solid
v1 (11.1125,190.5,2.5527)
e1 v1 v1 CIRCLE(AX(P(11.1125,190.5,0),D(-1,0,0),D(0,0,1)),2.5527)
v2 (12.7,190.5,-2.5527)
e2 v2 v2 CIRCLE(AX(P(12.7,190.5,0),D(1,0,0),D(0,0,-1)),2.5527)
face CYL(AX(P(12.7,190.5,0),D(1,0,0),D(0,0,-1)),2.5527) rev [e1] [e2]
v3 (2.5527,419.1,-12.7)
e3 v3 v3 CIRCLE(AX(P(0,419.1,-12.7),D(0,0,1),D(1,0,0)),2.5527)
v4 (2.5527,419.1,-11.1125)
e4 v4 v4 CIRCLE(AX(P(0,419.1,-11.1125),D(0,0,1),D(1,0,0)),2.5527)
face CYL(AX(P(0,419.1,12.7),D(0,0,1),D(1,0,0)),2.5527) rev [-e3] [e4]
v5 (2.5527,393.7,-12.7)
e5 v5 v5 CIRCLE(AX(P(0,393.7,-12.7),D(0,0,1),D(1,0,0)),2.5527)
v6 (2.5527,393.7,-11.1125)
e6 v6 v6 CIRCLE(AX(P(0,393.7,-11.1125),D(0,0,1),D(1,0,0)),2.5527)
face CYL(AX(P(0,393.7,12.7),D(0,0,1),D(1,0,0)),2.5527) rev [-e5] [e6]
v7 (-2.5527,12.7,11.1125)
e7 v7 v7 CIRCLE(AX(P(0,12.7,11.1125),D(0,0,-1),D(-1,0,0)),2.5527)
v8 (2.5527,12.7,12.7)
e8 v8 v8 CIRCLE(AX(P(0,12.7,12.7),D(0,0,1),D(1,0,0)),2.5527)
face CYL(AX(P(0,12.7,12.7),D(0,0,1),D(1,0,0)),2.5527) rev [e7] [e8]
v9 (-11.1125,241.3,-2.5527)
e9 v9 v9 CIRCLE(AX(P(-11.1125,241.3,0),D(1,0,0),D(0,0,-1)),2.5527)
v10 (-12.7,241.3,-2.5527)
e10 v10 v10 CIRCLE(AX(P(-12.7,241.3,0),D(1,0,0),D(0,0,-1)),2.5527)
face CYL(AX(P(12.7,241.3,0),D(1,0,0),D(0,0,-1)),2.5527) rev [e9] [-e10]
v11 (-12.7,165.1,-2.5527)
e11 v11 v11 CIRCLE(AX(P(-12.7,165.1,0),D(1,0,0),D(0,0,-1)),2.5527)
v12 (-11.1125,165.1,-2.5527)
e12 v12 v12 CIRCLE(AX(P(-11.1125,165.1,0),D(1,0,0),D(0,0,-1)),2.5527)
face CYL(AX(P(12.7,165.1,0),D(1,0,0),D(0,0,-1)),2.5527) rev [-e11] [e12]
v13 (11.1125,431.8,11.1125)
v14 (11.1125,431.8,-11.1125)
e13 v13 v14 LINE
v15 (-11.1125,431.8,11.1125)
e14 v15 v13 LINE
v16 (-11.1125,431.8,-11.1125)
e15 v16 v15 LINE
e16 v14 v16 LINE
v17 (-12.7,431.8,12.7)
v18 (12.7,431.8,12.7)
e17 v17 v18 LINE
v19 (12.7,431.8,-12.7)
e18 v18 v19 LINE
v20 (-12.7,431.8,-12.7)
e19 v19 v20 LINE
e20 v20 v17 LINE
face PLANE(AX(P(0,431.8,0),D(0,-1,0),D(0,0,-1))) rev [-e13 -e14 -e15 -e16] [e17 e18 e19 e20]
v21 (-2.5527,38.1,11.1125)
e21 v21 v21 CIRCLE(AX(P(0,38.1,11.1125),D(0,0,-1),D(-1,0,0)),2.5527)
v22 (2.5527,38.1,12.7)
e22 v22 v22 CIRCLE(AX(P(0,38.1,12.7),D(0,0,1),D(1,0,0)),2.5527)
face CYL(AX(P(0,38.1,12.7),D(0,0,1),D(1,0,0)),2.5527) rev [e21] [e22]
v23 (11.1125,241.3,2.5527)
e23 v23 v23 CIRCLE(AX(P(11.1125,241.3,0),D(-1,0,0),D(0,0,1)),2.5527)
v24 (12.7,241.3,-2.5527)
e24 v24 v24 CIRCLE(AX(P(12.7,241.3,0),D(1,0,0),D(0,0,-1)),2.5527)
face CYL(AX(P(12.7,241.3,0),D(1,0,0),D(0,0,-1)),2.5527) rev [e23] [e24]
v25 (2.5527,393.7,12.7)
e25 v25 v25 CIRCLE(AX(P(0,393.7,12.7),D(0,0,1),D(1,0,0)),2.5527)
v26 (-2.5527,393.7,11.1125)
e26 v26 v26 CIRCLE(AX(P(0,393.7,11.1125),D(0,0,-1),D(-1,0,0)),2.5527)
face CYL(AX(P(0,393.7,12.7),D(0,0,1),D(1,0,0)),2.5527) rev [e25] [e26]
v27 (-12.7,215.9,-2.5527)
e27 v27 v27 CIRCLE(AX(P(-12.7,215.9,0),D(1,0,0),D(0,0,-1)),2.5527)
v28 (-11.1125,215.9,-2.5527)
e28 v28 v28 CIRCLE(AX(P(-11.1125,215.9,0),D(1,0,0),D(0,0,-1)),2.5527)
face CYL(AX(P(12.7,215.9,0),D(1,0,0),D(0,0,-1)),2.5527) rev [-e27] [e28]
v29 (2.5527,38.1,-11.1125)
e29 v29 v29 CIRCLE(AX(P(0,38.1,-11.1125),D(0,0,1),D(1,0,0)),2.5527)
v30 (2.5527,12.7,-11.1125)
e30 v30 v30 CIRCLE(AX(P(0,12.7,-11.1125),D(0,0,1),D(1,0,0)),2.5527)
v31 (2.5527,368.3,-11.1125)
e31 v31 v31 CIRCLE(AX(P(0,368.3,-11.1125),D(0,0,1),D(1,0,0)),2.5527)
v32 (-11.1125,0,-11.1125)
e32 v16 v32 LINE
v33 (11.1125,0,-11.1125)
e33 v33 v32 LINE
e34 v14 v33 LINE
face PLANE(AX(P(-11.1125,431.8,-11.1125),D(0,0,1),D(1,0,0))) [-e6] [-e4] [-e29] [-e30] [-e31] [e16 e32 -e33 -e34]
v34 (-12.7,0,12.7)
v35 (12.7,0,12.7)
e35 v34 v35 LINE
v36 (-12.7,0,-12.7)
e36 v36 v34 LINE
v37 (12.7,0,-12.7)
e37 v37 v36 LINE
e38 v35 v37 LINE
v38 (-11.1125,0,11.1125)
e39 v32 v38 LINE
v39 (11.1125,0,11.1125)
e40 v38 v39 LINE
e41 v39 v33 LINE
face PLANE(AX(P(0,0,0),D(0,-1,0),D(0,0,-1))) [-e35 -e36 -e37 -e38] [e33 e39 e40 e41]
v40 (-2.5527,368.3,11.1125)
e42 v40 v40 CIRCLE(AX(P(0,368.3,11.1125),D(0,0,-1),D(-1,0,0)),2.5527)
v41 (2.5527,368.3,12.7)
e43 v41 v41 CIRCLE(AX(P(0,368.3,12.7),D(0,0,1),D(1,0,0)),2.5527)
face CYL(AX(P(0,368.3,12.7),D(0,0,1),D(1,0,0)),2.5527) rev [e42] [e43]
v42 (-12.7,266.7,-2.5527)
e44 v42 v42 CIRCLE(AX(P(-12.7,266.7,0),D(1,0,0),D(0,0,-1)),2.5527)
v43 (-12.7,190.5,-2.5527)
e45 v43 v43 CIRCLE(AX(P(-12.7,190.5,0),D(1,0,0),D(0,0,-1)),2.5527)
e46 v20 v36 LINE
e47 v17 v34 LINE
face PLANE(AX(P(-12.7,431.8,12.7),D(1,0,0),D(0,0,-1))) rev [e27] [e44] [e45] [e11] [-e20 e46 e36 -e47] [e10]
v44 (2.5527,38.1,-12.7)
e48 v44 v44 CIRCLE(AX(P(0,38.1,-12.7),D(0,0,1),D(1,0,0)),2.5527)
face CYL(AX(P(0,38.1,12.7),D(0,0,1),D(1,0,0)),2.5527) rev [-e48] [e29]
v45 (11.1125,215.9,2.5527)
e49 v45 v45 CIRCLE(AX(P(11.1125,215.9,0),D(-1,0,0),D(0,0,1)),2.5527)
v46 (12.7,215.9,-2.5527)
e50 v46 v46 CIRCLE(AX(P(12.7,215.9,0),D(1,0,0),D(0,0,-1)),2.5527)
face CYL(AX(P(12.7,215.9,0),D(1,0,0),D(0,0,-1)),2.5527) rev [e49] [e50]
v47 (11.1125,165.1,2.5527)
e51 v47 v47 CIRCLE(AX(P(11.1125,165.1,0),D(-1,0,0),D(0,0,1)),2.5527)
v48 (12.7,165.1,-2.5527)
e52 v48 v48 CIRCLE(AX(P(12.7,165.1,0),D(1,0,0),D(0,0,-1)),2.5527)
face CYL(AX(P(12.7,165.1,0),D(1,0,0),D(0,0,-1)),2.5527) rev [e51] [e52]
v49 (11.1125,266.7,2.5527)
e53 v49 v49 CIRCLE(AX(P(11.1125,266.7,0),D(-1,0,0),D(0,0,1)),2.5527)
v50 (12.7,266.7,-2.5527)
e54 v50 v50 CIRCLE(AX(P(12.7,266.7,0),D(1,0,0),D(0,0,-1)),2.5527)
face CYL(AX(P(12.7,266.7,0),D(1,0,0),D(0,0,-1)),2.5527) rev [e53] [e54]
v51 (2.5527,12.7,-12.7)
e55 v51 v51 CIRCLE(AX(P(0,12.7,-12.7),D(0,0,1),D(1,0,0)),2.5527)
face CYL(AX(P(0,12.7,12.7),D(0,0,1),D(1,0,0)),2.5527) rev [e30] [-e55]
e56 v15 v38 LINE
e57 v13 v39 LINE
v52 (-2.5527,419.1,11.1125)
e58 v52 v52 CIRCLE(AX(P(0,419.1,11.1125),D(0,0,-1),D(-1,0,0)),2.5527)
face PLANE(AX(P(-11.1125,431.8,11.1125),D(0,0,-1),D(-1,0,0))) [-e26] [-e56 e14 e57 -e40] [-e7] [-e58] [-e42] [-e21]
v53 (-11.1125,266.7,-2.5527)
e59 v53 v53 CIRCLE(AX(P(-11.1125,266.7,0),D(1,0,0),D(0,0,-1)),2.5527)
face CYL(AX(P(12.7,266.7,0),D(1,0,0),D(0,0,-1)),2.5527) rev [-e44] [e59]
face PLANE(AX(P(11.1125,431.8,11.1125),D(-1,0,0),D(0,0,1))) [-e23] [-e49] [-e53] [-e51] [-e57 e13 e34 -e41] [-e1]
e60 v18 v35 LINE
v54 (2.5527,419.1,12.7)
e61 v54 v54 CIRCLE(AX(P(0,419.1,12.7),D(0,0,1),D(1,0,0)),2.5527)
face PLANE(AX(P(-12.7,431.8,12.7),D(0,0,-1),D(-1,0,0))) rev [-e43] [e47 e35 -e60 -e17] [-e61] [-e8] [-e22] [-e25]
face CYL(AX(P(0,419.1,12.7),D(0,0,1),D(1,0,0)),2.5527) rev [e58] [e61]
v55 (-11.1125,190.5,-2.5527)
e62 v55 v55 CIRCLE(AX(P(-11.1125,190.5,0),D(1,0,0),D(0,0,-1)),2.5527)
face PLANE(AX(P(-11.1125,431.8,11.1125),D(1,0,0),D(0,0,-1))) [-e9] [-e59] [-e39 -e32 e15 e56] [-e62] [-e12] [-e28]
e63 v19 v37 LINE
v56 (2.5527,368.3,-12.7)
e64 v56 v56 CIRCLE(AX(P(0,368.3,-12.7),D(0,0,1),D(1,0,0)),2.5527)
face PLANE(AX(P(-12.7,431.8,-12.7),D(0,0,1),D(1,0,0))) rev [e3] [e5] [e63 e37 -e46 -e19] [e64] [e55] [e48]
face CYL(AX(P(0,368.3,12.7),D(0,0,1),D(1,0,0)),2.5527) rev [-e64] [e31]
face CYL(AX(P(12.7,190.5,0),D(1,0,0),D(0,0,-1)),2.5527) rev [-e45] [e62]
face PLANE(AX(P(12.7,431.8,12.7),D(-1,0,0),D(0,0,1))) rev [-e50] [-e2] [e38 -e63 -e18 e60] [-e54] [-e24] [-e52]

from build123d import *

# Parameters (mm, degrees)
SKETCH1_W                  = 25.4
SKETCH1_H                  = 25.4
SKETCH1_W_2                = 22.225
SKETCH1_H_2                = 22.225
BOSS_EXTRUDE1_DEPTH        = 431.8
F_7_0_201_DIAMETER_HOLE1_D = 5.1054
F_7_0_201_DIAMETER_HOLE2_D = 5.1054


with BuildPart() as part:
    # Sketch1 → Boss-Extrude1 (new body)
    with BuildSketch(Plane(origin=(0, 0, 0), x_dir=(1, 0, 0), z_dir=(0, 1, 0))):
        Rectangle(SKETCH1_W, SKETCH1_H)
        Rectangle(SKETCH1_W_2, SKETCH1_H_2, mode=Mode.SUBTRACT)
    extrude(amount=BOSS_EXTRUDE1_DEPTH)

    # #7 (0.201) Diameter Hole1 (through all)
    with Locations(Plane.XY.offset(12.7)):
        with Locations((0, 12.7), (0, 38.1), (0, 368.3), (0, 393.7), (0, 419.1)):
            Hole(F_7_0_201_DIAMETER_HOLE1_D / 2)

    # #7 (0.201) Diameter Hole2 (through all)
    with Locations(Plane(origin=(12.7, 0, 0), x_dir=(0, 0, -1), z_dir=(1, 0, 0))):
        with Locations((0, 165.1), (0, 190.5), (0, 215.9), (0, 241.3), (0, 266.7)):
            Hole(F_7_0_201_DIAMETER_HOLE2_D / 2)


solid = part.part
